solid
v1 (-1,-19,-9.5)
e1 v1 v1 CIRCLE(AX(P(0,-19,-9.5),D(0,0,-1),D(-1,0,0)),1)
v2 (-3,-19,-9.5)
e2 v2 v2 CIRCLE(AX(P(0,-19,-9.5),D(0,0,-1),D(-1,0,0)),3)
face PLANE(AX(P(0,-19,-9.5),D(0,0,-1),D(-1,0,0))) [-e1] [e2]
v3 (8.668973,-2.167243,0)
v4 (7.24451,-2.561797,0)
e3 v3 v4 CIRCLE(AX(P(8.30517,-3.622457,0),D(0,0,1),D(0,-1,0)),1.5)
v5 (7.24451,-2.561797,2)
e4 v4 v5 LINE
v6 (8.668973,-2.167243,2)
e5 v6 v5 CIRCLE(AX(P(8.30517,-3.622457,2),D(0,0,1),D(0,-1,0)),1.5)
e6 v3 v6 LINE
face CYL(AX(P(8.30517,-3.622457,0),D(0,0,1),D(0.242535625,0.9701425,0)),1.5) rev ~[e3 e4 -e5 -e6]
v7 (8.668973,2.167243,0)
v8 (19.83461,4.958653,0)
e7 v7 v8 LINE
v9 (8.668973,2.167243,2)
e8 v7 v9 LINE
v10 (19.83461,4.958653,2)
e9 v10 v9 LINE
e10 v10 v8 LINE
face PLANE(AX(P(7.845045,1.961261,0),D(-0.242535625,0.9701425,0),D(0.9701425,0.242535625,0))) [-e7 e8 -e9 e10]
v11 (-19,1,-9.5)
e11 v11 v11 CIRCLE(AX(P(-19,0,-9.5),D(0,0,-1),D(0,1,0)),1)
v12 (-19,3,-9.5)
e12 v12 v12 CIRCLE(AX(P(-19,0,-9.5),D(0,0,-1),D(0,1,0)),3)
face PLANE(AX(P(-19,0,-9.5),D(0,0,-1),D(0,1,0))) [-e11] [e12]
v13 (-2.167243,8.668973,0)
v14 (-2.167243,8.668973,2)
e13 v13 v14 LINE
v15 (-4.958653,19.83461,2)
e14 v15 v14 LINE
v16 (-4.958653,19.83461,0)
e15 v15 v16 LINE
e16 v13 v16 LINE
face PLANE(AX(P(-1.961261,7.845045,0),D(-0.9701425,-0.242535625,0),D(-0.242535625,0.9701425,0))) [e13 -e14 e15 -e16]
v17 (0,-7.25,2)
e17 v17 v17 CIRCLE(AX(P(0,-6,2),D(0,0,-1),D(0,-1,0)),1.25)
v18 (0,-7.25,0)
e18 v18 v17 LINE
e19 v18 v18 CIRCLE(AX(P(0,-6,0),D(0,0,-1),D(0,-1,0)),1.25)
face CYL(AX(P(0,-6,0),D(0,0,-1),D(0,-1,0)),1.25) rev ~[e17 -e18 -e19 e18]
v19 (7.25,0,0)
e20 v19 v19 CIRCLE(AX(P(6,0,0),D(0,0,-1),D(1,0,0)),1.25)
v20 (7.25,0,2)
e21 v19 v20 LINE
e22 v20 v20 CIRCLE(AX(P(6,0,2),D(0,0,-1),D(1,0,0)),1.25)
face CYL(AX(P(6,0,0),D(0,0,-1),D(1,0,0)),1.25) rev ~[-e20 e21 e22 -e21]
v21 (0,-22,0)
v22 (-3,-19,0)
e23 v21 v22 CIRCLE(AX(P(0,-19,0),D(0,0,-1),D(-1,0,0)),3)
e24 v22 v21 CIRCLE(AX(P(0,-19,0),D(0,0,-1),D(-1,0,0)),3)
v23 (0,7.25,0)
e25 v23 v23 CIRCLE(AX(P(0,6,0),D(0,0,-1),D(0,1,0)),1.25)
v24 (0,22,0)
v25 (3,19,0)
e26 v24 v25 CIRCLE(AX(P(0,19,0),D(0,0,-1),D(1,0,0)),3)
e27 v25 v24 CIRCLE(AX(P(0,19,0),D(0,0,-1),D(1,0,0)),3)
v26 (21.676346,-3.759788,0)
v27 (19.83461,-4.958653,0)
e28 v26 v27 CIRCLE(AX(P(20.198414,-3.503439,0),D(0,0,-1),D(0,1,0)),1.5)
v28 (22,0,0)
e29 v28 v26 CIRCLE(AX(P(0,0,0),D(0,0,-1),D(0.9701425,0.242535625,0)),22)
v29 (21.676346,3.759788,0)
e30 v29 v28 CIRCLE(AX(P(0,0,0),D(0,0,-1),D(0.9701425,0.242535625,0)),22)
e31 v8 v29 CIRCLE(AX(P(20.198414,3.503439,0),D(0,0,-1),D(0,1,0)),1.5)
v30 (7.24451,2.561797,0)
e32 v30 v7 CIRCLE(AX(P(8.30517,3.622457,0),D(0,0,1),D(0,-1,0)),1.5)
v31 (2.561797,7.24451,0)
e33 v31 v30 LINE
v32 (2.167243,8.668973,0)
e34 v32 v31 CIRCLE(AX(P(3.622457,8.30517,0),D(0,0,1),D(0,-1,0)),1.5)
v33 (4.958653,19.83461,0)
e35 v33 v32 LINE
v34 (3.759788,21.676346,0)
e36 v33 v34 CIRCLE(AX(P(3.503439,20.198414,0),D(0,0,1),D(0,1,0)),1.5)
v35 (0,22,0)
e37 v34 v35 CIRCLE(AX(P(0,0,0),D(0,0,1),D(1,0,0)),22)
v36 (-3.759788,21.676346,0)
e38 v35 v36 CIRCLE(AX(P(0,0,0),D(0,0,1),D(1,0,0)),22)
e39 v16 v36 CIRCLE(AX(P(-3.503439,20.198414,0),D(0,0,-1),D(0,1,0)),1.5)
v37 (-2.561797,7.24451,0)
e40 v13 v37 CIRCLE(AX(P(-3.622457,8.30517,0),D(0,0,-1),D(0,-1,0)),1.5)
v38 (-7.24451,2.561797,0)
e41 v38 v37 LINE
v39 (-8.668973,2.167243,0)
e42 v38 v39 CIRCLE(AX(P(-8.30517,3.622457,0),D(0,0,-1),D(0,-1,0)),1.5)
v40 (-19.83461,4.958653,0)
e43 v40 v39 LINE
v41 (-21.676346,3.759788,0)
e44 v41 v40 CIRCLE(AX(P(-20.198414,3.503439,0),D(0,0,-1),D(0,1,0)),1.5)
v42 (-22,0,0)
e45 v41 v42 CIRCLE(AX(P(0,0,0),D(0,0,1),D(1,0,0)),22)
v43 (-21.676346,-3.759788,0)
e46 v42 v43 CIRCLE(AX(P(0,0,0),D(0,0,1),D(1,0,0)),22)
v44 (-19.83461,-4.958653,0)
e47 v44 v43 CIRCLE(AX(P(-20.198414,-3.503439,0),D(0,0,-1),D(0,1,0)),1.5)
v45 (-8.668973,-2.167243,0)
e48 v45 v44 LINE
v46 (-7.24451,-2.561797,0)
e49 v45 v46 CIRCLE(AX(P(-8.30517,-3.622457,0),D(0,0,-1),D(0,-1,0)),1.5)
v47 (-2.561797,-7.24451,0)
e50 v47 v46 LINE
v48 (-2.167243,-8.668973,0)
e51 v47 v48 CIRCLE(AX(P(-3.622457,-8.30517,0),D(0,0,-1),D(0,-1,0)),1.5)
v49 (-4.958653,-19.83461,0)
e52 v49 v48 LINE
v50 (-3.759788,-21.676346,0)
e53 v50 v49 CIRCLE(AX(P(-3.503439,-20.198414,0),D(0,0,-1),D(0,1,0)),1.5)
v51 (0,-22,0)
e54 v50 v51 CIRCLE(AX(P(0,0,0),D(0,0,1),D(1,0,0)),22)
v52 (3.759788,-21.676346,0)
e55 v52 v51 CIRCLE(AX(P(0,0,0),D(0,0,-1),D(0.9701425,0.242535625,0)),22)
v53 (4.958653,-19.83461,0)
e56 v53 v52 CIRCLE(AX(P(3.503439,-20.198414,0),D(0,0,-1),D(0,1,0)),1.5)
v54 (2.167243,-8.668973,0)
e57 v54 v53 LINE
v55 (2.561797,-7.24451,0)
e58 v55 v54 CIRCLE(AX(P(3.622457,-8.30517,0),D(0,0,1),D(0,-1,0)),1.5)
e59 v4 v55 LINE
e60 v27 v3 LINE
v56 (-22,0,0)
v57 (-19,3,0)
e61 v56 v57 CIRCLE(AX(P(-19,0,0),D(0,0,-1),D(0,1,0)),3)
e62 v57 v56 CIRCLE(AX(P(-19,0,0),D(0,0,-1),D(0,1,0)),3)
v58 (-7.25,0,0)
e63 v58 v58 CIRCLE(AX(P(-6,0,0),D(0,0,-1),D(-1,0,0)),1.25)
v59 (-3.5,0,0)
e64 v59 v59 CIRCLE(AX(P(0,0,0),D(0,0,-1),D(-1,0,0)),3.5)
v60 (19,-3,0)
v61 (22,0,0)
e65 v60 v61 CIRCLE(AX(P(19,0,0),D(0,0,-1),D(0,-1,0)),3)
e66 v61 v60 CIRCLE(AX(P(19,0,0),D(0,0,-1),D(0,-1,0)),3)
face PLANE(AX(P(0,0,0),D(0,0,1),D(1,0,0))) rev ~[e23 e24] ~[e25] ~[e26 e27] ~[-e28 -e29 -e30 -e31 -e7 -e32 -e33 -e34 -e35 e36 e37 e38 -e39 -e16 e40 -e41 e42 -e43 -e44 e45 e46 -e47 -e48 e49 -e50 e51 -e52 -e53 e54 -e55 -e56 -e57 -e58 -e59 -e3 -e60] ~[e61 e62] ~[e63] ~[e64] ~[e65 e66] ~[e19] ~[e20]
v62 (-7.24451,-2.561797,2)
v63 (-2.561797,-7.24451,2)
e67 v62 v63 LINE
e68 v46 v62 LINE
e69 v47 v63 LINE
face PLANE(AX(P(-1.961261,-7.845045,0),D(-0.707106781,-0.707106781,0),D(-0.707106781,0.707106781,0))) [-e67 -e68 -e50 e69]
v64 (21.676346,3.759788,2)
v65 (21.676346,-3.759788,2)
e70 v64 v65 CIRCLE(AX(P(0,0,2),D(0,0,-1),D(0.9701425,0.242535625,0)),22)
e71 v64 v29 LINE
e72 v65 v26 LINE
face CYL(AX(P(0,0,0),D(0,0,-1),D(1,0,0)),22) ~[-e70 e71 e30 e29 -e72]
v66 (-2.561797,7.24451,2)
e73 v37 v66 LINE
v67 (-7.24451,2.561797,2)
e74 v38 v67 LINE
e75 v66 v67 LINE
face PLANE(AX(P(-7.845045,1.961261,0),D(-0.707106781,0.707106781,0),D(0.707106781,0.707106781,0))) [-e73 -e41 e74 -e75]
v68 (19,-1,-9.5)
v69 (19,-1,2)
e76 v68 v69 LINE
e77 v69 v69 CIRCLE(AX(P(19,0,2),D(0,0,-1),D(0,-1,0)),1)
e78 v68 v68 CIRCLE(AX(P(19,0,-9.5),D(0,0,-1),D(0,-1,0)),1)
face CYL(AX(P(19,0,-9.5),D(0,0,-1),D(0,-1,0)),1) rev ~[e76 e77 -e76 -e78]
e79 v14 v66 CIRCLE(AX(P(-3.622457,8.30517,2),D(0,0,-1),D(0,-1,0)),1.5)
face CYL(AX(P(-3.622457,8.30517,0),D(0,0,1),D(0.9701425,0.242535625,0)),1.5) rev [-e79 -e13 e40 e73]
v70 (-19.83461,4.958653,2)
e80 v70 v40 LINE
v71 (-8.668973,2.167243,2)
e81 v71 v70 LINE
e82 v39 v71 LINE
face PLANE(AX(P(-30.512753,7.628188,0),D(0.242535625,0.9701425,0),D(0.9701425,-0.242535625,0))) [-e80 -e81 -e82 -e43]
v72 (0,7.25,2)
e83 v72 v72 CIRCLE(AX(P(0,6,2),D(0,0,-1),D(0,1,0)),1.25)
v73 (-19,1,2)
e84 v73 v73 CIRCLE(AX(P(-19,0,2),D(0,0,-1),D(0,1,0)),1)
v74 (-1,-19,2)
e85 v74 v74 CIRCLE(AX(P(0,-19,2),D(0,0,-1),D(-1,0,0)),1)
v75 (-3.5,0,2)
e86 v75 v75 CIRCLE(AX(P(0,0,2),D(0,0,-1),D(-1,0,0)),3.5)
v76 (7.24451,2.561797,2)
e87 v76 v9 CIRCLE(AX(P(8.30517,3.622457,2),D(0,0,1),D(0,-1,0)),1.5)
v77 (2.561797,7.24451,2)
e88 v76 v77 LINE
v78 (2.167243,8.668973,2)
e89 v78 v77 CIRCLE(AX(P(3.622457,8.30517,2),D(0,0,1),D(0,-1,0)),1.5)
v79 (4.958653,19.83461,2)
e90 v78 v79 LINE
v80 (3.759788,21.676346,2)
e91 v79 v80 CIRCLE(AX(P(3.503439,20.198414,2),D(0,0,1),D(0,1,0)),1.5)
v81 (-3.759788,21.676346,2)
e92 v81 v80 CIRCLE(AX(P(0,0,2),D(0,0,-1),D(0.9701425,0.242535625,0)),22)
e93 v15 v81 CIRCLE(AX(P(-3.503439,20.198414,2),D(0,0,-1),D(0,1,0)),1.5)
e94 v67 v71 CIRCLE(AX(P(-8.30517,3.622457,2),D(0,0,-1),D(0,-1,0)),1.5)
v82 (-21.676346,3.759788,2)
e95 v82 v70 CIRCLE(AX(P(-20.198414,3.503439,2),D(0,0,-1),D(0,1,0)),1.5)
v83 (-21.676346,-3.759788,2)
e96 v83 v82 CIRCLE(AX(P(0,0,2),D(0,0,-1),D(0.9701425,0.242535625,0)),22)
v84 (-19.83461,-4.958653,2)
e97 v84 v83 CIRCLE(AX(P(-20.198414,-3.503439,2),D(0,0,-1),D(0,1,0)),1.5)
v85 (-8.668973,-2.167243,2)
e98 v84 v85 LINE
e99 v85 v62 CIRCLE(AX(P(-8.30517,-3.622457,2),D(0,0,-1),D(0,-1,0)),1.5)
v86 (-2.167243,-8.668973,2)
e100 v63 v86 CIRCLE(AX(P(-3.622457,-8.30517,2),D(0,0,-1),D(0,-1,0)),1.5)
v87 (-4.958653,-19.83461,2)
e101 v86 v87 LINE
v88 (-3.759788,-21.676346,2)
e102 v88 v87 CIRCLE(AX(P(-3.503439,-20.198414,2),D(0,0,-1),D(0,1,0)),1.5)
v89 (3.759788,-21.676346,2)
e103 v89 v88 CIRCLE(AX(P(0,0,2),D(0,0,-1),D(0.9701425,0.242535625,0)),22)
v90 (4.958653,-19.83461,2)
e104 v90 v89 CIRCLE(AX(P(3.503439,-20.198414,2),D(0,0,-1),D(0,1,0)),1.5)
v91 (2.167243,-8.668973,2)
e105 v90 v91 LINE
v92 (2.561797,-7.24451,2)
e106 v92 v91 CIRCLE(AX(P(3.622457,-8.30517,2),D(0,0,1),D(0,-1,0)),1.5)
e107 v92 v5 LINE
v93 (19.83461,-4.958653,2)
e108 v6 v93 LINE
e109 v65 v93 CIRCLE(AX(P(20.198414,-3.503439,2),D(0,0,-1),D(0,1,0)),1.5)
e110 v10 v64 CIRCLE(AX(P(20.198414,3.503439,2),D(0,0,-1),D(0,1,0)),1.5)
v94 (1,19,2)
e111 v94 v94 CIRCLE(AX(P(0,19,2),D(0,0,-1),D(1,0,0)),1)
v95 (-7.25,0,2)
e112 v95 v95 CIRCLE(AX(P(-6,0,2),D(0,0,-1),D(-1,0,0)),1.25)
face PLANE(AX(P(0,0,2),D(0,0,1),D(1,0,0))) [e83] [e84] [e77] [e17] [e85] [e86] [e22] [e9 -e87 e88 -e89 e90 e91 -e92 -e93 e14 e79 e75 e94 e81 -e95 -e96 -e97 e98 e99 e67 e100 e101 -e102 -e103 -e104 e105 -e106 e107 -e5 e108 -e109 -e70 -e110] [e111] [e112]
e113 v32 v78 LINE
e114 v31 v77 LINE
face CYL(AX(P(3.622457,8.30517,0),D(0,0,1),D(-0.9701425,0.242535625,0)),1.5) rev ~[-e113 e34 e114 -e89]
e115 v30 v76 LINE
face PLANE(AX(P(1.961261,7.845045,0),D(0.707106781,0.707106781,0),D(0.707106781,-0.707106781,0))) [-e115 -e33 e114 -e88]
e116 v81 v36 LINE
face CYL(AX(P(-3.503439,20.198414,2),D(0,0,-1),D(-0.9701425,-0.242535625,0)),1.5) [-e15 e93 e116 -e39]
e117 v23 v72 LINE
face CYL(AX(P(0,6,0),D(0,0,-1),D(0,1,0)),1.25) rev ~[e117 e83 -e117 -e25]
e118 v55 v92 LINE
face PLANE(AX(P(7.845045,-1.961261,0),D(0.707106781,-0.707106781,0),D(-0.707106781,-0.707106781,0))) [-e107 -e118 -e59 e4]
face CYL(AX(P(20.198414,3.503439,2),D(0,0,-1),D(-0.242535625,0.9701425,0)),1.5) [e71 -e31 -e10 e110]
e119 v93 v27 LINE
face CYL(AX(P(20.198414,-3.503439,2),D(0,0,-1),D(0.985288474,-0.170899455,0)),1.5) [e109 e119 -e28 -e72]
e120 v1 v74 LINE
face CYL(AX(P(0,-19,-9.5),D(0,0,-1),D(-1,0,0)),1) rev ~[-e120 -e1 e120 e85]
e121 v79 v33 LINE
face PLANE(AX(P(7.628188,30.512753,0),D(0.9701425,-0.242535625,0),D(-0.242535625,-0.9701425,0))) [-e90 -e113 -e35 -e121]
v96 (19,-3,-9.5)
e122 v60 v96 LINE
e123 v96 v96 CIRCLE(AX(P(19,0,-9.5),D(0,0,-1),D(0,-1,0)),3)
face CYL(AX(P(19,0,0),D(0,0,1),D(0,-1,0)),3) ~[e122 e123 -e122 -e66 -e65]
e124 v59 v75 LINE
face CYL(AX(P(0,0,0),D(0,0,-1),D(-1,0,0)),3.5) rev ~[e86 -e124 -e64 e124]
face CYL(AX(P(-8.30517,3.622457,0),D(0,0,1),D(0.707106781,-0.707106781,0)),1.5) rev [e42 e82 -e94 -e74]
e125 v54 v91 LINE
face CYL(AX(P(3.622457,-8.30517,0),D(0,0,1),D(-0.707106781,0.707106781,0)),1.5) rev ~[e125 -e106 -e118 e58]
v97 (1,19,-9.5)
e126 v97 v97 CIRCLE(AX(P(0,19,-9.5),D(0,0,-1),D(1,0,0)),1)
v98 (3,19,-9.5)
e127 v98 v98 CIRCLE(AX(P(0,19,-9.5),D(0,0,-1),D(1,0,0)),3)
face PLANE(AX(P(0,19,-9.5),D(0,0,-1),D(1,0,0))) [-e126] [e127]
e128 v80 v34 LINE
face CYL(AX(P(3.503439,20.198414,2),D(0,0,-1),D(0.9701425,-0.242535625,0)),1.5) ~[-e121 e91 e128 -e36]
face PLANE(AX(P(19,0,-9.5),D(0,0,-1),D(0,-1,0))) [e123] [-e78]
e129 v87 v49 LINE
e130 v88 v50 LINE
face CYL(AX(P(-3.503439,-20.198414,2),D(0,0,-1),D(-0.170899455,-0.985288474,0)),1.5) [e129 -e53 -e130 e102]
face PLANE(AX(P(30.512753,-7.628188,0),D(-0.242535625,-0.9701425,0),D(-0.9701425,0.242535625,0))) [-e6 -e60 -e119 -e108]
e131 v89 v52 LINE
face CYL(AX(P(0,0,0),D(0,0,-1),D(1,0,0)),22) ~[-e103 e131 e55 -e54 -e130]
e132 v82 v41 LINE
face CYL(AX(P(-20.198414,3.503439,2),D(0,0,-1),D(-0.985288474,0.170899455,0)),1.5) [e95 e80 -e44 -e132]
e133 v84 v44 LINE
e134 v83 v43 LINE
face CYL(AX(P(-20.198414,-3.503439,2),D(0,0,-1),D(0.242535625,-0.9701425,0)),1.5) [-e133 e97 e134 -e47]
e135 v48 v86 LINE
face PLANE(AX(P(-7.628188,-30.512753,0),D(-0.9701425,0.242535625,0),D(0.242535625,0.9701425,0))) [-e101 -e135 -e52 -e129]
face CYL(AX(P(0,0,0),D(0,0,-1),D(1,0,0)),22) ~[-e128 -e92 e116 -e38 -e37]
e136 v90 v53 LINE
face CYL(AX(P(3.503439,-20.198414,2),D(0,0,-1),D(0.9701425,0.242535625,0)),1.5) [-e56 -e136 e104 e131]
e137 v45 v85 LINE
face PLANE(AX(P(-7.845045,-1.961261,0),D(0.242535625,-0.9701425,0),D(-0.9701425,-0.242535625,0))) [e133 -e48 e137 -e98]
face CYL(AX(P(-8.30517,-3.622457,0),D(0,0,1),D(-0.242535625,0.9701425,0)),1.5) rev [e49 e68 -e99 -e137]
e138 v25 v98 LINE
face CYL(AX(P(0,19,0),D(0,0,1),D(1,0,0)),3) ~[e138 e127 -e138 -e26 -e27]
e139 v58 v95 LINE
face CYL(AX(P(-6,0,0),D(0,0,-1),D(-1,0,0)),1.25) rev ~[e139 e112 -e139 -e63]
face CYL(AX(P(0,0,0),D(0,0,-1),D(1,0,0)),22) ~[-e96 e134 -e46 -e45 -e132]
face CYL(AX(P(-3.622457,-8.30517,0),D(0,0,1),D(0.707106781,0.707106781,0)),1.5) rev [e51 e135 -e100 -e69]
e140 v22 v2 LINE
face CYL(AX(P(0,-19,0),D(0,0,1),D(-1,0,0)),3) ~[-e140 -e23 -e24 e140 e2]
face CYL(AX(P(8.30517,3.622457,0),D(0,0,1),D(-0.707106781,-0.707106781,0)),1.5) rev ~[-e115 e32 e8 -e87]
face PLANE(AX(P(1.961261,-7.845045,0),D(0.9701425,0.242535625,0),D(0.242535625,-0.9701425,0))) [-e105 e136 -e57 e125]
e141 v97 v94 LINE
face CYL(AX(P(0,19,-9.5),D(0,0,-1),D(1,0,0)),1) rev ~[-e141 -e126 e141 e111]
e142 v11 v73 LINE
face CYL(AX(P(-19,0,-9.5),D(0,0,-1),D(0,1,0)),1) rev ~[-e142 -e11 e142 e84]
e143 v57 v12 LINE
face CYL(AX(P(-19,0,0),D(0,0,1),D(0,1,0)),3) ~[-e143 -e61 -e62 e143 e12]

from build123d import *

# Parameters (mm, degrees)
SKETCH_1_R               = 22
EXTRUDE_1_DEPTH          = 2
SKETCH_3_R               = 1.25
CUT_EXTRUDE_1_DEPTH      = 3
SKETCH_4_R               = 3.5
CUT_EXTRUDE_2_DEPTH      = 3
SKETCH_6_R               = 3
EXTRUDE_3_DEPTH          = 9.5
SKETCH_8_R               = 1
CUT_EXTRUDE_4_DEPTH      = 11.5
CUT_EXTRUDE_3_DEPTH      = 6
PATTERN_CIRCULAR_1_COUNT = 4
FILLET_2_R               = 1.5
FILLET_3_R               = 1.5


with BuildPart() as part:
    # 草图1 → 凸台-拉伸1 (new body)
    with BuildSketch(Plane.XY):
        Circle(SKETCH_1_R)
    extrude(amount=EXTRUDE_1_DEPTH)

    # 草图3 → 切除-拉伸1 (cut)
    with BuildSketch(Plane(origin=(0, 0, 0), x_dir=(-1, 0, 0), z_dir=(0, 0, -1))):
        with Locations((6, 0)):
            Circle(SKETCH_3_R)
    cut_extrude_1 = extrude(amount=-CUT_EXTRUDE_1_DEPTH, mode=Mode.SUBTRACT)

    # 草图4 → 切除-拉伸2 (cut)
    with BuildSketch(Plane(origin=(0, 0, 0), x_dir=(-1, 0, 0), z_dir=(0, 0, -1))):
        Circle(SKETCH_4_R)
    extrude(amount=-CUT_EXTRUDE_2_DEPTH, mode=Mode.SUBTRACT)

    # 草图6 → 凸台-拉伸3 (add)
    with BuildSketch(Plane(origin=(0, 0, 0), x_dir=(-1, 0, 0), z_dir=(0, 0, -1))):
        with Locations((0, -19)):
            Circle(SKETCH_6_R)
    extrude_3 = extrude(amount=EXTRUDE_3_DEPTH)

    # 草图8 → 切除-拉伸4 (cut)
    with BuildSketch(Plane(origin=(0, 0, -9.5), x_dir=(-1, 0, 0), z_dir=(0, 0, -1))):
        with Locations((0, -19)):
            Circle(SKETCH_8_R)
    cut_extrude_4 = extrude(amount=-CUT_EXTRUDE_4_DEPTH, mode=Mode.SUBTRACT)

    # 草图7 → 切除-拉伸3 (cut)
    with BuildSketch(Plane(origin=(0, 0, 0), x_dir=(-1, 0, 0), z_dir=(0, 0, -1))):
        Polygon((-1.961261338, 7.845045353), (-7.845045353, 1.961261338), (-30.512752563, 7.628188141), (-7.628188141, 30.512752563), align=None)
    cut_extrude_3 = extrude(amount=-CUT_EXTRUDE_3_DEPTH, mode=Mode.SUBTRACT)

    # 阵列(圆周)1: 切除-拉伸1, 凸台-拉伸3, 切除-拉伸4, 切除-拉伸3 ×4 about axis
    pattern_circular_1_axis = Axis((0, 0, 0), (0, 0, 1))
    for i in range(1, PATTERN_CIRCULAR_1_COUNT):
        add(cut_extrude_1.rotate(pattern_circular_1_axis, i * 360 / PATTERN_CIRCULAR_1_COUNT), mode=Mode.SUBTRACT)
        add(extrude_3.rotate(pattern_circular_1_axis, i * 360 / PATTERN_CIRCULAR_1_COUNT))
        add(cut_extrude_4.rotate(pattern_circular_1_axis, i * 360 / PATTERN_CIRCULAR_1_COUNT), mode=Mode.SUBTRACT)
        add(cut_extrude_3.rotate(pattern_circular_1_axis, i * 360 / PATTERN_CIRCULAR_1_COUNT), mode=Mode.SUBTRACT)

    # 圆角2
    fillet_2_edges = [part.edges().sort_by_distance(p)[0] for p in [
        (-5.335783751, -21.343135003, 1),
        (-21.343135003, -5.335783751, 1),
        (21.343135003, -5.335783751, 1),
        (5.335783751, -21.343135003, 1),
        (5.335783751, 21.343135003, 1),
        (21.343135003, 5.335783751, 1),
        (-21.343135003, 5.335783751, 1),
        (-5.335783751, 21.343135003, 1),
    ]]
    fillet(fillet_2_edges, radius=FILLET_2_R)

    # 圆角3
    fillet_3_edges = [part.edges().sort_by_distance(p)[0] for p in [
        (-7.845045353, -1.961261338, 1),
        (-1.961261338, -7.845045353, 1),
        (1.961261338, -7.845045353, 1),
        (7.845045353, -1.961261338, 1),
        (7.845045353, 1.961261338, 1),
        (1.961261338, 7.845045353, 1),
        (-1.961261338, 7.845045353, 1),
        (-7.845045353, 1.961261338, 1),
    ]]
    fillet(fillet_3_edges, radius=FILLET_3_R)


solid = part.part
